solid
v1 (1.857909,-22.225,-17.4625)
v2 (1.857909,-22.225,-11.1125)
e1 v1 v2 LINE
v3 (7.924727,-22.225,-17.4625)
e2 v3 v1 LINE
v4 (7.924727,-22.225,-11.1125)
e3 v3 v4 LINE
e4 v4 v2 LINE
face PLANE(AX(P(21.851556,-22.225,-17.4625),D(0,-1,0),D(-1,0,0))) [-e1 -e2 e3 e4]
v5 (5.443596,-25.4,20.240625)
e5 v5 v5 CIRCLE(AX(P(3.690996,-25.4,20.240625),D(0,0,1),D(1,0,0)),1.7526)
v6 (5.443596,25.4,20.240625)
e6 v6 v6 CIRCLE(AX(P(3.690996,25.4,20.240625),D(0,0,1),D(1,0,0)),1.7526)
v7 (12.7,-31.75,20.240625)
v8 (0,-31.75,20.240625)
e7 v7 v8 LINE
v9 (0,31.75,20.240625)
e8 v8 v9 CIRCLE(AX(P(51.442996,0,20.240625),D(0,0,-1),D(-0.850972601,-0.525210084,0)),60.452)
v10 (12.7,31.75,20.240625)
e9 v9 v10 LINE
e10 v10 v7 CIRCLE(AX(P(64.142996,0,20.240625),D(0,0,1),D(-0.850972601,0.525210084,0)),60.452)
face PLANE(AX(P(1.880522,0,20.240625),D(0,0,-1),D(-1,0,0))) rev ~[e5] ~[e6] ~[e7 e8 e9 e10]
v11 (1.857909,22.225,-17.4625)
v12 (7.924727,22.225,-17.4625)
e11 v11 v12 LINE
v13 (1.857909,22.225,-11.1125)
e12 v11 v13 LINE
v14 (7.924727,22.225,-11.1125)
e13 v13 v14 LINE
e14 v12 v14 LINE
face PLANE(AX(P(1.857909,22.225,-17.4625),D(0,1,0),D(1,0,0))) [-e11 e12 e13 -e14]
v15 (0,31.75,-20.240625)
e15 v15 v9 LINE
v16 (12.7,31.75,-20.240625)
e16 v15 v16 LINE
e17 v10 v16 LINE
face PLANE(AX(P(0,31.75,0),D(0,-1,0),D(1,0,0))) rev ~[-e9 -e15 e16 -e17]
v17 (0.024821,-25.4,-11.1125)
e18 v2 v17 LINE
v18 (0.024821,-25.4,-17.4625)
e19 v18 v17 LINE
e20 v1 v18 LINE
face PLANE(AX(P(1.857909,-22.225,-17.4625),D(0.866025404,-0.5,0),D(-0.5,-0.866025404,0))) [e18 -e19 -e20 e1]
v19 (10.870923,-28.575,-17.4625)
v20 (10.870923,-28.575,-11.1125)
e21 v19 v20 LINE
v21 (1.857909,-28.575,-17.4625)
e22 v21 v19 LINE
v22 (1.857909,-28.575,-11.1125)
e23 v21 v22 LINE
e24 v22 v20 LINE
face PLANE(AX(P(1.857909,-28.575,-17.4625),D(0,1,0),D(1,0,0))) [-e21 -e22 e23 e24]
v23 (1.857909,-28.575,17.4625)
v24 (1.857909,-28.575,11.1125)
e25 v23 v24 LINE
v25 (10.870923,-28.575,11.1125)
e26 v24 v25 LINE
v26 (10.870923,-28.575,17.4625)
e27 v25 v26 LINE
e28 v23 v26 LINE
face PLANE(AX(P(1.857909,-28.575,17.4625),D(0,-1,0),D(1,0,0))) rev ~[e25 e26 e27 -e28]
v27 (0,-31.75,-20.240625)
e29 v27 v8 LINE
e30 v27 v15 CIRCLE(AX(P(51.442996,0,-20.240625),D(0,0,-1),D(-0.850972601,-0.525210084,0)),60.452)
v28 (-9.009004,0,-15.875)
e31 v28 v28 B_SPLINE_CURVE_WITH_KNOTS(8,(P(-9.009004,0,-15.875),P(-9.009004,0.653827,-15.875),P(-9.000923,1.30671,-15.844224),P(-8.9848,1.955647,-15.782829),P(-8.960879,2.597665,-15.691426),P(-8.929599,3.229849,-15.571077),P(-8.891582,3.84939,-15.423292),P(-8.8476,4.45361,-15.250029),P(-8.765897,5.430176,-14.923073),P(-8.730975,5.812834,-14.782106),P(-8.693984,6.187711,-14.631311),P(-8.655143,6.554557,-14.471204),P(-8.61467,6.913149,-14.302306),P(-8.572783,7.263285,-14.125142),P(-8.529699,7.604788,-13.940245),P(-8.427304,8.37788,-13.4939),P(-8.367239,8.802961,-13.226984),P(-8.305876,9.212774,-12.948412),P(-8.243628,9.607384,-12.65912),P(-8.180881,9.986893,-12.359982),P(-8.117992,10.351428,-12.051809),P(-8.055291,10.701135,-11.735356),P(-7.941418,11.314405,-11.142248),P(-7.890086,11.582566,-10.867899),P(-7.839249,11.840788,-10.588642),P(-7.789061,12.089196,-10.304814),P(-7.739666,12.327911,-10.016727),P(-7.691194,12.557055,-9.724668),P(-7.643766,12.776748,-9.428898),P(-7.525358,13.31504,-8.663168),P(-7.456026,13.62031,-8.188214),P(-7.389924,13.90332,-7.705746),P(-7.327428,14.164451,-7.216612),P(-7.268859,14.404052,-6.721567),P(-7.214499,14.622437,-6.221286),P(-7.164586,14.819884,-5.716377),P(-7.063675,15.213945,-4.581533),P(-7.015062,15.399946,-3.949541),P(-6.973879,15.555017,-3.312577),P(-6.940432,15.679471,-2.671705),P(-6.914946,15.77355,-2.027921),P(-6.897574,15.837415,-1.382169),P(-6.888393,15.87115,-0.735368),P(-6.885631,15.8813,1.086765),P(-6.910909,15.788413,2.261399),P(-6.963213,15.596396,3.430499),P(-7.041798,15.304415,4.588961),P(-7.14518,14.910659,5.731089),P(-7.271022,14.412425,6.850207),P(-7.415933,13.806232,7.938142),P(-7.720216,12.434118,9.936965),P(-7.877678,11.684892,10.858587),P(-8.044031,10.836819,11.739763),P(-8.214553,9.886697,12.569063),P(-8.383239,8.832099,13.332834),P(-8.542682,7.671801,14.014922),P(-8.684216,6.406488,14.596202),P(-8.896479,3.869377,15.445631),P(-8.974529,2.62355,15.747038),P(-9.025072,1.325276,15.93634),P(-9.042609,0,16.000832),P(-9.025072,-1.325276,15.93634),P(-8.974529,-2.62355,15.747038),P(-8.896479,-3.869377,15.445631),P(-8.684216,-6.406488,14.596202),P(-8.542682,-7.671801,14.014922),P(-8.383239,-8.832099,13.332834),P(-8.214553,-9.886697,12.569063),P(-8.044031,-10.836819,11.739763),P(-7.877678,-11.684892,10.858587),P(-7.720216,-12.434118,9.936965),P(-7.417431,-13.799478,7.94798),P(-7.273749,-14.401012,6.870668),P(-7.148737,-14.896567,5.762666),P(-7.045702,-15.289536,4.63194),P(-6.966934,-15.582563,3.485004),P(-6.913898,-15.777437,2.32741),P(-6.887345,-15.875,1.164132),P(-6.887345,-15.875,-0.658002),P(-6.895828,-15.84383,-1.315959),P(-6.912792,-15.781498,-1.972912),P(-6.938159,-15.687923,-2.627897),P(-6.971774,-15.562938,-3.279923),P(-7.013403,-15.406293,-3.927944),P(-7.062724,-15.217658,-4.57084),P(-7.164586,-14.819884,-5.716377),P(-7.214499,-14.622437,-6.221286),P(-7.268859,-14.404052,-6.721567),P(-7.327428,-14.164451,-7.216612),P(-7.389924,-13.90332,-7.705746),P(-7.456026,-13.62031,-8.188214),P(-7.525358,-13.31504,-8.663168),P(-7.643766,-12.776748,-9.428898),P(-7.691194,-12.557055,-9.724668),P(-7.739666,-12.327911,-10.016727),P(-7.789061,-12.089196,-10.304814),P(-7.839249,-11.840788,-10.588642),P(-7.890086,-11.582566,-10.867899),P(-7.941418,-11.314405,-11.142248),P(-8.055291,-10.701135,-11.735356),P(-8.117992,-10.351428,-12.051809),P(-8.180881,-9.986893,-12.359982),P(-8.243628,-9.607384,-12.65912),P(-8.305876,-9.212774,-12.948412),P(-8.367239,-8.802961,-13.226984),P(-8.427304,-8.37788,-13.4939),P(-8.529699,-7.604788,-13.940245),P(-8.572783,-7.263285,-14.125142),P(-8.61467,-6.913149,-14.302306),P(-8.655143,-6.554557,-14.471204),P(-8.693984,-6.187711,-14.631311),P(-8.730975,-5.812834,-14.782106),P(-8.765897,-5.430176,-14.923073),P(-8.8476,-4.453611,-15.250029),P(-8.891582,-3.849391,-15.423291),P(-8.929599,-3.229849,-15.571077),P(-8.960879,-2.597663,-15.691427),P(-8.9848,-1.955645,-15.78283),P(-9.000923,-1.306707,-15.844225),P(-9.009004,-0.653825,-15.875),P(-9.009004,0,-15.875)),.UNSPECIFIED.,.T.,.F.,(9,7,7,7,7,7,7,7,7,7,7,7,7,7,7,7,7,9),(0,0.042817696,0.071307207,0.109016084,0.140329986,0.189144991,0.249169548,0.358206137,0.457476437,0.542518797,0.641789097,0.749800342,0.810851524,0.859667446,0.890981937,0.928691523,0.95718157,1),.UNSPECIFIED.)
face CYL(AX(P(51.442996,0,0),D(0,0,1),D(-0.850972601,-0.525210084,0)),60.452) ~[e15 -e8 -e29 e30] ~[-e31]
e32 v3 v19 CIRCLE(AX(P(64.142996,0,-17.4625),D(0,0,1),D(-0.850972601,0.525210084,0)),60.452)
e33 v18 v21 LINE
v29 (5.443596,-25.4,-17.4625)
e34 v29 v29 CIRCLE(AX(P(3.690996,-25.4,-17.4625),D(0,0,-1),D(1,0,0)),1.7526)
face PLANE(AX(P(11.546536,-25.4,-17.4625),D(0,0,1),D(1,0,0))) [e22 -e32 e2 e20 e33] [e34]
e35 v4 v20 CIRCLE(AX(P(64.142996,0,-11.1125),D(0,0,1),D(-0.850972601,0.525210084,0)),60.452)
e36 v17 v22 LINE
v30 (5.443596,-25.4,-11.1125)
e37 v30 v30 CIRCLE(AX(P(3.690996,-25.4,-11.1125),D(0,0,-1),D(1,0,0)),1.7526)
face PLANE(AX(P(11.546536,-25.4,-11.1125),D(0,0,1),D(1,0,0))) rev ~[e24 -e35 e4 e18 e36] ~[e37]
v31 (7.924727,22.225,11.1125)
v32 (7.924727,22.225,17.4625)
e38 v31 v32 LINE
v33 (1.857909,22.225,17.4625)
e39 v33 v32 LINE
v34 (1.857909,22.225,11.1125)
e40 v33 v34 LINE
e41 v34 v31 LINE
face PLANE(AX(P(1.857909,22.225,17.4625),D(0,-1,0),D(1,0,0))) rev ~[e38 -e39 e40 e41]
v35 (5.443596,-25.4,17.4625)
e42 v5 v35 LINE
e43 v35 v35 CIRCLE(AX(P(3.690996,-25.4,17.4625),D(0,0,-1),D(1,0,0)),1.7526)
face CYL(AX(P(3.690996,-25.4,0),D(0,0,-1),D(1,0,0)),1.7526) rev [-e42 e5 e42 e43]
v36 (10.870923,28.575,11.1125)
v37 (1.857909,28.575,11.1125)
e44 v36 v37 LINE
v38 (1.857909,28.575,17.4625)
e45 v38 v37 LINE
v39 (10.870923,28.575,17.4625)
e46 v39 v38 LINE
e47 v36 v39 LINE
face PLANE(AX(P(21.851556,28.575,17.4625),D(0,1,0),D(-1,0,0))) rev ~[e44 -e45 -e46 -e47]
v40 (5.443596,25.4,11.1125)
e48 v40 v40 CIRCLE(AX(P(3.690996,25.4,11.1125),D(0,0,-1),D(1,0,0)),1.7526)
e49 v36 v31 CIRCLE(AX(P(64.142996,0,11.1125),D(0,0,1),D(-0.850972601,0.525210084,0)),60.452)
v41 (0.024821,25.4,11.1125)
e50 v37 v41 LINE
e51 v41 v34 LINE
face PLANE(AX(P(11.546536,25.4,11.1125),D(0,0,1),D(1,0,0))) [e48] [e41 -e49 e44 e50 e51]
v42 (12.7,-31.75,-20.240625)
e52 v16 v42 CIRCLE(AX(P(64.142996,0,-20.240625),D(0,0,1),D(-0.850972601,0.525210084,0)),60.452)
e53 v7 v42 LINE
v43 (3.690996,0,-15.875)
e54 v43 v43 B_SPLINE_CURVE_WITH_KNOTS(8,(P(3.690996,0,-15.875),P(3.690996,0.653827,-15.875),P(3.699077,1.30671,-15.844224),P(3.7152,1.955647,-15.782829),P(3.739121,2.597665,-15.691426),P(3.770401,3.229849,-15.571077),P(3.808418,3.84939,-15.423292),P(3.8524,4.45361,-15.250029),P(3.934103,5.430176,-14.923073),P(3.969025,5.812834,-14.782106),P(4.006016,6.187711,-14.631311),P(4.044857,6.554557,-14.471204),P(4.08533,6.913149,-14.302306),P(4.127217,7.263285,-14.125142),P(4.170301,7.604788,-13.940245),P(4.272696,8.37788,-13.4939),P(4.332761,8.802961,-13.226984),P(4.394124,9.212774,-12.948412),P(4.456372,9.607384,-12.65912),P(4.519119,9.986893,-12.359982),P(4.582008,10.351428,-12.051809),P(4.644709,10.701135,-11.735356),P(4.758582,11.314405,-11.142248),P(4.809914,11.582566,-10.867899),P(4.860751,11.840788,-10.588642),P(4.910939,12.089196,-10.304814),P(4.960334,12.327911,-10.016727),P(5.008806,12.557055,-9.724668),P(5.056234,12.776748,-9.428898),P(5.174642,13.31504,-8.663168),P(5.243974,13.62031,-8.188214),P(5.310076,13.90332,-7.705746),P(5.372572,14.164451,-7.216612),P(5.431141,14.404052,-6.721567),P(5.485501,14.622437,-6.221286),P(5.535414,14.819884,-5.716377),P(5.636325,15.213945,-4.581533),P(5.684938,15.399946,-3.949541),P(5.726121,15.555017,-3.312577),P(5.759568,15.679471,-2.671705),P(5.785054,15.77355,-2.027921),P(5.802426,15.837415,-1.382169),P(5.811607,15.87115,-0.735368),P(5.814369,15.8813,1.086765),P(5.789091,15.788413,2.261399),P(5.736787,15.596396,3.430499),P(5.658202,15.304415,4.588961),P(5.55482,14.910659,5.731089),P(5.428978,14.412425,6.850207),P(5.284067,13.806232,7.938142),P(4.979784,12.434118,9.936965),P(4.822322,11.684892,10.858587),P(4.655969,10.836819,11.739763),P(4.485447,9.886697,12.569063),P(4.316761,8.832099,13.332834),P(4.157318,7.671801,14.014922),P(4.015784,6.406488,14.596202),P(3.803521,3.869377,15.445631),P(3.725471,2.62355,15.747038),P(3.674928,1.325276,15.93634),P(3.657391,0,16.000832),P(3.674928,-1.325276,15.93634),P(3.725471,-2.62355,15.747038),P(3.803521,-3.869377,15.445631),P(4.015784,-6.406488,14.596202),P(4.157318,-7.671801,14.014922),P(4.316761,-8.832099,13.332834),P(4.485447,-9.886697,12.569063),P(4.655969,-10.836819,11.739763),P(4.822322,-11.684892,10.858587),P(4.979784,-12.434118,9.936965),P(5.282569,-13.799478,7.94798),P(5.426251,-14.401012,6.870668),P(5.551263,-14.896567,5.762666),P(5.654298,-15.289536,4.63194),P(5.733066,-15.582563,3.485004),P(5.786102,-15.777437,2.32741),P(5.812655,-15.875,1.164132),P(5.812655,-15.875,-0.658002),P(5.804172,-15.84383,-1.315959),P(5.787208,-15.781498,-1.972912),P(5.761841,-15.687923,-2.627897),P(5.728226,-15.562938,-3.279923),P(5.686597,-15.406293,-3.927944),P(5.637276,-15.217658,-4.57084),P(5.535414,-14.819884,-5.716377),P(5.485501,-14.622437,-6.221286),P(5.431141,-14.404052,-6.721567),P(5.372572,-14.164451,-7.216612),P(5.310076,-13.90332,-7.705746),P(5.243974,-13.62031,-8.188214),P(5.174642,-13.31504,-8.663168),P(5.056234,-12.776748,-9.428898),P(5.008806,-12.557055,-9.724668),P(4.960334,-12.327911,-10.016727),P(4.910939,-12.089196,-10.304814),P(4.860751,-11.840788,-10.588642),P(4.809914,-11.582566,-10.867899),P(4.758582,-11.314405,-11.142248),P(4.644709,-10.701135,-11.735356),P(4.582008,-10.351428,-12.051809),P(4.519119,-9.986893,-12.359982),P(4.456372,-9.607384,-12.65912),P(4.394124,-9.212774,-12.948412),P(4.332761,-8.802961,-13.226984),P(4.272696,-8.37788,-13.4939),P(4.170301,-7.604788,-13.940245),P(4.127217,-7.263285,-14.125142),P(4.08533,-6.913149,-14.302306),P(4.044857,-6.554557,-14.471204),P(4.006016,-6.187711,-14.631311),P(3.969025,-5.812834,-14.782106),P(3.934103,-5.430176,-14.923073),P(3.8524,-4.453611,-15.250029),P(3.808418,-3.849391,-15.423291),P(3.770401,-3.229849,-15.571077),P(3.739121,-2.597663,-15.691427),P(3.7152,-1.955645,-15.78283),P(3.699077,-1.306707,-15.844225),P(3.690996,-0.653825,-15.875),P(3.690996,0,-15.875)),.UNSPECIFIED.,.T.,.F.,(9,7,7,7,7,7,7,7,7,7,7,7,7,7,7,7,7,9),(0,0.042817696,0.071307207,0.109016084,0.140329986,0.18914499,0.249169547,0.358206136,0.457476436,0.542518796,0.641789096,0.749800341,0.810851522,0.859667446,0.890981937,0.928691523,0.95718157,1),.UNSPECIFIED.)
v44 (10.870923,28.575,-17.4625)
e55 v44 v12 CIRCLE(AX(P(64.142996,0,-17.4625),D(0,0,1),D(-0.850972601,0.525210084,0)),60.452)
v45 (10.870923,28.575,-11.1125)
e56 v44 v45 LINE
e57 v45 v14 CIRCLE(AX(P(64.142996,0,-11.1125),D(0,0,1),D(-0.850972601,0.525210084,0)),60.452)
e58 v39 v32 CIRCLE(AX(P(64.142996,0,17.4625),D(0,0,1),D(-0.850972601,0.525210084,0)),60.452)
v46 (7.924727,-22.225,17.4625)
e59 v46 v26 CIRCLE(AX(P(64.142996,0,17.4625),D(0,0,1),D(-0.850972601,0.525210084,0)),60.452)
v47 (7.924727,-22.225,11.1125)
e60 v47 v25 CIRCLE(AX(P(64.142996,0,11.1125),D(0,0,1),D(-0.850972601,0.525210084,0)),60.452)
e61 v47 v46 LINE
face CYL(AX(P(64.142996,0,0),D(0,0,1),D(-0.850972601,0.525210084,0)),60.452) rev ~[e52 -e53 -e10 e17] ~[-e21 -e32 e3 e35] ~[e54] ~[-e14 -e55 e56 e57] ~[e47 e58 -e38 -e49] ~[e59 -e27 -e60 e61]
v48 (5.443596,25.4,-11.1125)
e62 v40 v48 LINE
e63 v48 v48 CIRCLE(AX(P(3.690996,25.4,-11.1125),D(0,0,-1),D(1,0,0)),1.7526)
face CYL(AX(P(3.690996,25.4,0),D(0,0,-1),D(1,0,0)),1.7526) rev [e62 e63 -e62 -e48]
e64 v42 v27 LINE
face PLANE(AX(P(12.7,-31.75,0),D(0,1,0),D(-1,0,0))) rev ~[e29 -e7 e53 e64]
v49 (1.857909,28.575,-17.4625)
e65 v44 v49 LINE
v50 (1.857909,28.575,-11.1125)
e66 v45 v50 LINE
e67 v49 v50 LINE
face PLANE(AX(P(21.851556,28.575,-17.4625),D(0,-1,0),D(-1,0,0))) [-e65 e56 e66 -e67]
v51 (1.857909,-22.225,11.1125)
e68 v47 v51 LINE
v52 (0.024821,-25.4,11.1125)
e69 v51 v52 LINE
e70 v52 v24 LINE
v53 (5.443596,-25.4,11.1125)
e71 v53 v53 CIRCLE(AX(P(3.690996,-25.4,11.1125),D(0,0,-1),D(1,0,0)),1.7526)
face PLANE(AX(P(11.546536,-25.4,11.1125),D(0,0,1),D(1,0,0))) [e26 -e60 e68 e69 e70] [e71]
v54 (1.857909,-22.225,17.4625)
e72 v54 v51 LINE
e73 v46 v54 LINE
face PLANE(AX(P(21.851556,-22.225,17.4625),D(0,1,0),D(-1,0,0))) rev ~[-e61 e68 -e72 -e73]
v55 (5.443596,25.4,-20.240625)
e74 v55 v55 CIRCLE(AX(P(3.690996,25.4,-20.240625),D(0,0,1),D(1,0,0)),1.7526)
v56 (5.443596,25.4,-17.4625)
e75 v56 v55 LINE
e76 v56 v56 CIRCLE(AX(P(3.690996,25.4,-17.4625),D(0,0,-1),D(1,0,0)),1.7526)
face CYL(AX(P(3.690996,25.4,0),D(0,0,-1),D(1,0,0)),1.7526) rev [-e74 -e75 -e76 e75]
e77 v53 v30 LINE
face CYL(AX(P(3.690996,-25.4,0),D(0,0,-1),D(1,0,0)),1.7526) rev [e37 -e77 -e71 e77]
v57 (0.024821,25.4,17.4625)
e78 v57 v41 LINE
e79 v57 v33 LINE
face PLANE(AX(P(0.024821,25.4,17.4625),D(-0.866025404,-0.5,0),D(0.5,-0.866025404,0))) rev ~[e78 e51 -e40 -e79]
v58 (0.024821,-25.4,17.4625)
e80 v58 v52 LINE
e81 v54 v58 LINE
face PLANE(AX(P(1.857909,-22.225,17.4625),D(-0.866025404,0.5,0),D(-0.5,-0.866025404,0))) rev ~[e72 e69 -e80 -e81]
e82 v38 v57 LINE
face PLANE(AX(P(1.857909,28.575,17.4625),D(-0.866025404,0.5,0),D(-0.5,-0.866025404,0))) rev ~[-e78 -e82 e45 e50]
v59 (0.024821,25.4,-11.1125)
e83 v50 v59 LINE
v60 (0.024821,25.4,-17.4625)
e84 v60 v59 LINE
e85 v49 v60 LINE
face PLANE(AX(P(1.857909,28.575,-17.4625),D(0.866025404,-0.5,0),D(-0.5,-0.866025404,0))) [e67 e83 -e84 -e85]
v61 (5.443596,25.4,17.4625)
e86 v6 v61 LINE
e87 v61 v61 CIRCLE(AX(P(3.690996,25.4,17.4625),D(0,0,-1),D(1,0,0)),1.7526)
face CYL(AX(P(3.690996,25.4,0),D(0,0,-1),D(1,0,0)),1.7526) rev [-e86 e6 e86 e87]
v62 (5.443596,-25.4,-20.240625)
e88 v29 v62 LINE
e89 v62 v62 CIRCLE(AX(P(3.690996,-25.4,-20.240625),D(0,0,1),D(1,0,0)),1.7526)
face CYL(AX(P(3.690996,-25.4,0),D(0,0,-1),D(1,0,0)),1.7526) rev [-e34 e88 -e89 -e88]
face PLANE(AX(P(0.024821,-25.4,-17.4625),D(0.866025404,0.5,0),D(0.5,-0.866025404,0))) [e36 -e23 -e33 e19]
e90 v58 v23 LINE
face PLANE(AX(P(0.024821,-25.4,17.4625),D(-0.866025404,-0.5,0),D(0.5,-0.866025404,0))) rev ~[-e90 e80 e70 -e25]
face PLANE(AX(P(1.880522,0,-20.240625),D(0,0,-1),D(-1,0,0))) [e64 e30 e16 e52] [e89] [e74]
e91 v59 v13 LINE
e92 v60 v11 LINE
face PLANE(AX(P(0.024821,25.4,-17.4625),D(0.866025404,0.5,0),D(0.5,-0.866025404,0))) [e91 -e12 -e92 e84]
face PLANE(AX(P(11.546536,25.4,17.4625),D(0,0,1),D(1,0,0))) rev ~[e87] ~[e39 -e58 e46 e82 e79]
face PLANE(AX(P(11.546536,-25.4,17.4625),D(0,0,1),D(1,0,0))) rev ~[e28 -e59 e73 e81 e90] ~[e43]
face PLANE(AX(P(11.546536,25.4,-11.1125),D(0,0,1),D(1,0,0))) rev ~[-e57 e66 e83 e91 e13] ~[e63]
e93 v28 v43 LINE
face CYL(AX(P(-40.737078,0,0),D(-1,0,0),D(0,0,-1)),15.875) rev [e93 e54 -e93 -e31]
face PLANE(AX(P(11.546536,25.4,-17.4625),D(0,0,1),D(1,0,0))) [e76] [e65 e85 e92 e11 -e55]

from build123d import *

# Parameters (mm, degrees)
SKETCH1_R               = 1.7526
BOSS_EXTRUDE1_DEPTH     = 20.240625
CUT_EXTRUDE1_START      = 17.4625
CUT_EXTRUDE1_DEPTH      = 6.35
CUT_EXTRUDE2_START      = -17.4625
CUT_EXTRUDE2_DEPTH      = 6.35
CUT_EXTRUDE3_DEPTH      = 40.737078408
CUT_EXTRUDE3_DEPTH_BACK = 40.737078408
SKETCH4_R               = 15.875


with BuildPart() as part:
    # Sketch1 → Boss-Extrude1 (new, symmetric)
    with BuildSketch(Plane.XY):
        with BuildLine():
            Line((0, 31.75), (12.7, 31.75))
            ThreePointArc((12.7, 31.75), (3.690995675, 0), (12.7, -31.75))
            Line((12.7, -31.75), (0, -31.75))
            ThreePointArc((0, -31.75), (-9.009004325, 0), (0, 31.75))
        make_face()
        with Locations((3.690995675, 25.4)):
            Circle(SKETCH1_R, mode=Mode.SUBTRACT)
        with Locations((3.690995675, -25.4)):
            Circle(SKETCH1_R, mode=Mode.SUBTRACT)
    extrude(amount=BOSS_EXTRUDE1_DEPTH, both=True)

    # Sketch2 → Cut-Extrude1 (cut)
    with BuildSketch(Plane.XY.offset(CUT_EXTRUDE1_START)):
        Polygon((21.851555668, 28.575), (1.85790857, 28.575), (0.024821465, 25.4), (1.85790857, 22.225), (21.851555668, 22.225), align=None)
        Polygon((21.851555668, -28.575), (21.851555668, -22.225), (1.85790857, -22.225), (0.024821465, -25.4), (1.85790857, -28.575), align=None)
    extrude(amount=-CUT_EXTRUDE1_DEPTH, mode=Mode.SUBTRACT)

    # Sketch2<2> → Cut-Extrude2 (cut)
    with BuildSketch(Plane.XY.offset(CUT_EXTRUDE2_START)):
        Polygon((21.851555668, 28.575), (1.85790857, 28.575), (0.024821465, 25.4), (1.85790857, 22.225), (21.851555668, 22.225), align=None)
        Polygon((21.851555668, -28.575), (21.851555668, -22.225), (1.85790857, -22.225), (0.024821465, -25.4), (1.85790857, -28.575), align=None)
    extrude(amount=CUT_EXTRUDE2_DEPTH, mode=Mode.SUBTRACT)

    # Sketch4 → Cut-Extrude3 (cut, two sides: drawn at the far end of the back side and taken through both)
    with BuildSketch(Plane(origin=(0, 0, 0), x_dir=(0, 0, -1), z_dir=(1, 0, 0)).offset(-CUT_EXTRUDE3_DEPTH_BACK)):
        Circle(SKETCH4_R)
    extrude(amount=CUT_EXTRUDE3_DEPTH + CUT_EXTRUDE3_DEPTH_BACK, mode=Mode.SUBTRACT)


solid = part.part
